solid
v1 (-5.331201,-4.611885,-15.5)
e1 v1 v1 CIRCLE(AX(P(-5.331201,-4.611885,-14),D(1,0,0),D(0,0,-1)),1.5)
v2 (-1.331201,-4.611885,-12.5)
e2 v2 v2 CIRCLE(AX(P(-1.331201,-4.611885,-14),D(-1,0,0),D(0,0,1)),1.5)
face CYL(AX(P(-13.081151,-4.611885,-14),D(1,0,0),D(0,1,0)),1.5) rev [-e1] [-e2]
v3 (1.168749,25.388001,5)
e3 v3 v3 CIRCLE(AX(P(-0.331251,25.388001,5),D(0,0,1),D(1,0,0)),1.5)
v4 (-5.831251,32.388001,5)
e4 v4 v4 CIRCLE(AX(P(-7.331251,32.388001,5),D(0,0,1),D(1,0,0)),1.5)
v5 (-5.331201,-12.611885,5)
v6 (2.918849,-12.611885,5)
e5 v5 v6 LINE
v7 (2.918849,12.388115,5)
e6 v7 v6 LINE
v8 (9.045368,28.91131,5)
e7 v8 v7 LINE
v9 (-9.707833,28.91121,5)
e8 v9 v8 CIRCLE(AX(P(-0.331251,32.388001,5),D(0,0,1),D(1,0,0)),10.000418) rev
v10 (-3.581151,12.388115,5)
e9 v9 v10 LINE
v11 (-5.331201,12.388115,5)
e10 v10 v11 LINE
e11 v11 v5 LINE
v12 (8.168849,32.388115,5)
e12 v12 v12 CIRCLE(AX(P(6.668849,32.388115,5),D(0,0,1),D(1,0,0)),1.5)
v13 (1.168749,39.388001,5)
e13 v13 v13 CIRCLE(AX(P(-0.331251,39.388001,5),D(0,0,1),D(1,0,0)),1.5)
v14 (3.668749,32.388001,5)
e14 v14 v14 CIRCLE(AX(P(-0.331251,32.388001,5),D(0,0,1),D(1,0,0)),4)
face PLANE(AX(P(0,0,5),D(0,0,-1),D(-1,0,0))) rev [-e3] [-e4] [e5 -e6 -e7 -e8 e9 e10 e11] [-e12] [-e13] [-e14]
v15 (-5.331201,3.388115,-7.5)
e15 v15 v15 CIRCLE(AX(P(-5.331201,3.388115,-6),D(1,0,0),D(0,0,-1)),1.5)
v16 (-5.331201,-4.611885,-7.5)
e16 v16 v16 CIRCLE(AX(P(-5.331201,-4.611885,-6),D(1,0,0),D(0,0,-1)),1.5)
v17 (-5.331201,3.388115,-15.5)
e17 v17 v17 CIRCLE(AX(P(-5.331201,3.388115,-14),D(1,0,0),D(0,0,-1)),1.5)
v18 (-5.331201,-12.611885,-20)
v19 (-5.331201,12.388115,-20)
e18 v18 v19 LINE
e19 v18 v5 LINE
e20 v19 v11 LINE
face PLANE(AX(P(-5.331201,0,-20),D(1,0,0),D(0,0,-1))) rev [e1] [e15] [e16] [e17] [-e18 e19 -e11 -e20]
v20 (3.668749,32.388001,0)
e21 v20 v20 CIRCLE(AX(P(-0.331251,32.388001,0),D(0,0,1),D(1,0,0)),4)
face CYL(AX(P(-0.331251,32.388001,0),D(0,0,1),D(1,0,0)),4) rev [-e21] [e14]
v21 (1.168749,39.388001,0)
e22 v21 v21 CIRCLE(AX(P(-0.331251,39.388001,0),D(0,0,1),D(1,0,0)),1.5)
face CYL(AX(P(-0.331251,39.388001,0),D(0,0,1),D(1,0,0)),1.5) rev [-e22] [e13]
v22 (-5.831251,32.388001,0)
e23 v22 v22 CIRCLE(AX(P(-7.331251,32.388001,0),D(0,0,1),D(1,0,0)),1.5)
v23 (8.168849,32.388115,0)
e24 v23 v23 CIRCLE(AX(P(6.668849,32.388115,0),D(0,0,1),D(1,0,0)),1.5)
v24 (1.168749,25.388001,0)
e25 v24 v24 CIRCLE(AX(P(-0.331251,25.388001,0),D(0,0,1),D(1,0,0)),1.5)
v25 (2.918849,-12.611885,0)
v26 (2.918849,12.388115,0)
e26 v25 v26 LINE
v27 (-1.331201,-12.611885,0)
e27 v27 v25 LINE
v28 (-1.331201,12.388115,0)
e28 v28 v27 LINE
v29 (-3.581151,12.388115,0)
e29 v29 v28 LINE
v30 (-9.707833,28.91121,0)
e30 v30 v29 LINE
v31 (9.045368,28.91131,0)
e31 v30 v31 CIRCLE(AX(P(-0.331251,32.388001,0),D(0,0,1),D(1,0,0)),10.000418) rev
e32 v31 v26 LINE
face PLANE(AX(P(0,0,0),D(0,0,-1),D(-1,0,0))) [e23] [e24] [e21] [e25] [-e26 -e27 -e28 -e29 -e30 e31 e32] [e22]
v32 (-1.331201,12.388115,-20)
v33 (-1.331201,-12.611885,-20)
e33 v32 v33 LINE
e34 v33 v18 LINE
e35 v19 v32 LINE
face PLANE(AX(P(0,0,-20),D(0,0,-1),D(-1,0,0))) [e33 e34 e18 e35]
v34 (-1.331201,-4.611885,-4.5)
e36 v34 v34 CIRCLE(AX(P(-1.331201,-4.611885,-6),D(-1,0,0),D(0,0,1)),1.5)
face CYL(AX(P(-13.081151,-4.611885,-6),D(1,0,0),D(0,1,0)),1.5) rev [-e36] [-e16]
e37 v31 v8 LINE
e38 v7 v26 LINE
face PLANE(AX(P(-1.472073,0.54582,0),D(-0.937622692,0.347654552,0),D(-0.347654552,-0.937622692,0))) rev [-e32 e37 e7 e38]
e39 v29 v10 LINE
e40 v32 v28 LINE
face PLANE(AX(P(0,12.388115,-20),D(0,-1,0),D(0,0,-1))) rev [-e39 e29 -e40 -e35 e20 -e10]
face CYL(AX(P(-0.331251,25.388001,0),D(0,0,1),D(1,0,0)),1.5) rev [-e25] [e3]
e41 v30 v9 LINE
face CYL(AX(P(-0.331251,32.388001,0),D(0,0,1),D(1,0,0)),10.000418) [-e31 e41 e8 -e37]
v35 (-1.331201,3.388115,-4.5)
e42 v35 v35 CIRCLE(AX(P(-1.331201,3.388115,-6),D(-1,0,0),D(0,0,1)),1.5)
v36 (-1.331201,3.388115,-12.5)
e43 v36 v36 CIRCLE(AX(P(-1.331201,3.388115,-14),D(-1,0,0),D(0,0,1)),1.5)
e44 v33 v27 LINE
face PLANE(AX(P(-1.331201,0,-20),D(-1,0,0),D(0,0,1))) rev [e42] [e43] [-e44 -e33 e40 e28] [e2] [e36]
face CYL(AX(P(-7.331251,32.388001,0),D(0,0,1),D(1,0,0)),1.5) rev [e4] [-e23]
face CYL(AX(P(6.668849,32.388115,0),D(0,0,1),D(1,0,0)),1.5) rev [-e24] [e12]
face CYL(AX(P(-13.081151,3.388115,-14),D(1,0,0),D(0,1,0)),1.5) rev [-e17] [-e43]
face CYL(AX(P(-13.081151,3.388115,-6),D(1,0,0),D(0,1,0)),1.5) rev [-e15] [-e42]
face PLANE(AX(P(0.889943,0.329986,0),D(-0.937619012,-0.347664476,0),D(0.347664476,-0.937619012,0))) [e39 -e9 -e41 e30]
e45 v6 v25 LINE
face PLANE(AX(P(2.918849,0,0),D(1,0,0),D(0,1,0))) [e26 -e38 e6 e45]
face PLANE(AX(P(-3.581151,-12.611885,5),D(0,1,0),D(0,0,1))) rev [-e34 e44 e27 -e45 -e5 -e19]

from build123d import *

# Parameters (mm, degrees)
SKETCH_1_R          = 1.25
EXTRUDE_1_DEPTH     = 5
SKETCH_2_W          = 5
SKETCH_2_H          = 25
EXTRUDE_2_DEPTH     = 4
SKETCH_3_W          = 4
SKETCH_3_H          = 25
EXTRUDE_3_DEPTH     = 20
SKETCH_4_R          = 1.5
CUT_EXTRUDE_1_DEPTH = 20
EXTRUDE_START       = -5
SKETCH_7_R          = 1.25
EXTRUDE_4_DEPTH     = 5
SKETCH_8_R          = 1.5
SKETCH_8_R_2        = 4
EXTRUDE_5_DEPTH     = 5
EXTRUDE_START_2     = 4
SKETCH_14_W         = 25
SKETCH_14_H         = 25
SKETCH_14_R         = 1.5
EXTRUDE_9_DEPTH     = 4
SKETCH_15_W         = 4
SKETCH_15_H         = 25
CUT_EXTRUDE_2_DEPTH = 100
SKETCH_19_W         = 1.750049733
SKETCH_19_H         = 25
EXTRUDE_10_DEPTH    = 20
SKETCH_20_R         = 1.5
CUT_EXTRUDE_3_DEPTH = 20
SKETCH_21_W         = 25
SKETCH_21_H         = 25
CUT_EXTRUDE_4_DEPTH = 4
SKETCH_22_W         = 1.750049733
SKETCH_22_H         = 25
EXTRUDE_11_DEPTH    = 5


with BuildPart() as part:
    # 草图1 → 凸台-拉伸1 (new body)
    with BuildSketch(Plane.XY):
        Polygon((-3.581151343, -8.027992706), (-3.581151343, -12.611885422), (2.918848657, -12.611885422), (2.918848657, -6.641886627), (2.918848657, 12.388114578), (-3.581151343, 12.388114578), align=None)
        with Locations((-0.081151343, 8.237522913)):
            Circle(SKETCH_1_R, mode=Mode.SUBTRACT)
        with Locations((-0.081151343, 2.787522913)):
            Circle(SKETCH_1_R, mode=Mode.SUBTRACT)
        with Locations((-0.081151343, -2.662477087)):
            Circle(SKETCH_1_R, mode=Mode.SUBTRACT)
        with Locations((-0.000846901, -8.111885422)):
            Circle(SKETCH_1_R, mode=Mode.SUBTRACT)
    extrude(amount=EXTRUDE_1_DEPTH)

    # 草图2 → 凸台-拉伸2 (add)
    with BuildSketch(Plane.ZY.offset(3.581151343)):
        with Locations((2.5, -0.111885422)):
            Rectangle(SKETCH_2_W, SKETCH_2_H)
    extrude(amount=EXTRUDE_2_DEPTH)

    # 草图3 → 凸台-拉伸3 (add)
    with BuildSketch(Plane(origin=(0, 0, 0), x_dir=(-1, 0, 0), z_dir=(0, 0, -1))):
        with Locations((5.581151343, -0.111885422)):
            Rectangle(SKETCH_3_W, SKETCH_3_H)
    extrude(amount=EXTRUDE_3_DEPTH)

    # 草图4 → 切除-拉伸1 (cut)
    with BuildSketch(Plane(origin=(-3.581151343, 0, 0), x_dir=(0, 0, -1), z_dir=(1, 0, 0))):
        with Locations(Location((6, 3.388114578, 0), (0, 0, 90))):
            Circle(SKETCH_4_R)
        with Locations(Location((14, 3.388114578, 0), (0, 0, 180))):
            Circle(SKETCH_4_R)
        with Locations(Location((14, -4.611885422, 0), (0, 0, 90))):
            Circle(SKETCH_4_R)
        with Locations(Location((6, -4.611885422, 0), (0, 0, 180))):
            Circle(SKETCH_4_R)
    extrude(amount=-CUT_EXTRUDE_1_DEPTH, mode=Mode.SUBTRACT)

    # 草图7 → 凸台-拉伸4 (add)
    with BuildSketch(Plane.XY.offset(5).offset(EXTRUDE_START)):
        with Locations((-0.081151343, 8.237522913)):
            Circle(SKETCH_7_R)
        with Locations((-0.081151343, 2.787522913)):
            Circle(SKETCH_7_R)
        with Locations((-0.081151343, -2.662477087)):
            Circle(SKETCH_7_R)
        with Locations((-0.000846901, -8.111885422)):
            Circle(SKETCH_7_R)
    extrude(amount=EXTRUDE_4_DEPTH)

    # 草图8 → 凸台-拉伸5 (add)
    with BuildSketch(Plane.XY.offset(5)):
        with BuildLine():
            ThreePointArc((9.045368421, 28.911309576), (-0.331303735, 42.388418969), (-9.707833242, 28.911210329))
            Line((-9.707833242, 28.911210329), (-3.581151343, 12.388114578))
            Line((-3.581151343, 12.388114578), (2.918848657, 12.388114578))
            Line((2.918848657, 12.388114578), (9.045368421, 28.911309576))
        make_face()
        with Locations((-0.33125081, 25.388000558)):
            Circle(SKETCH_8_R, mode=Mode.SUBTRACT)
        with Locations((-7.33125081, 32.388000558)):
            Circle(SKETCH_8_R, mode=Mode.SUBTRACT)
        with Locations((-0.33125081, 32.388000558)):
            Circle(SKETCH_8_R_2, mode=Mode.SUBTRACT)
        with Locations((-0.33125081, 39.388000558)):
            Circle(SKETCH_8_R, mode=Mode.SUBTRACT)
        with Locations((6.668848657, 32.388114578)):
            Circle(SKETCH_8_R, mode=Mode.SUBTRACT)
    extrude(amount=-EXTRUDE_5_DEPTH)

    # 草图14 → 凸台-拉伸9 (add)
    with BuildSketch(Plane(origin=(2.918848657, 0, 0), x_dir=(0, 0, -1), z_dir=(1, 0, 0)).offset(EXTRUDE_START_2)):
        with Locations((7.5, -0.111885422)):
            Rectangle(SKETCH_14_W, SKETCH_14_H)
        with Locations(Location((6, 3.388114578, 0), (0, 0, 90))):
            Circle(SKETCH_14_R, mode=Mode.SUBTRACT)
        with Locations(Location((14, 3.388114578, 0), (0, 0, 180))):
            Circle(SKETCH_14_R, mode=Mode.SUBTRACT)
        with Locations(Location((14, -4.611885422, 0), (0, 0, 90))):
            Circle(SKETCH_14_R, mode=Mode.SUBTRACT)
        with Locations(Location((6, -4.611885422, 0), (0, 0, 180))):
            Circle(SKETCH_14_R, mode=Mode.SUBTRACT)
    extrude(amount=-EXTRUDE_9_DEPTH)

    # 草图15 → 切除-拉伸2 (cut)
    with BuildSketch(Plane(origin=(0, 0, -20), x_dir=(-1, 0, 0), z_dir=(0, 0, -1))):
        with Locations((5.581151343, -0.111885422)):
            Rectangle(SKETCH_15_W, SKETCH_15_H)
    extrude(amount=-CUT_EXTRUDE_2_DEPTH, mode=Mode.SUBTRACT)

    # 草图19 → 凸台-拉伸10 (add)
    with BuildSketch(Plane(origin=(0, 0, 0), x_dir=(-1, 0, 0), z_dir=(0, 0, -1))):
        with Locations((4.45617621, -0.111885422)):
            Rectangle(SKETCH_19_W, SKETCH_19_H)
        Polygon((1.331201076, 12.388114578), (1.331201076, 9.888057568), (1.331201076, -12.611885422), (3.581151343, -12.611885422), (3.581151343, 12.388114578), align=None)
    extrude(amount=EXTRUDE_10_DEPTH)

    # 草图20 → 切除-拉伸3 (cut)
    with BuildSketch(Plane(origin=(6.918848657, 0, 0), x_dir=(0, 0, -1), z_dir=(1, 0, 0))):
        with Locations(Location((6, 3.388114578, 0), (0, 0, 90))):
            Circle(SKETCH_20_R)
        with Locations(Location((14, 3.388114578, 0), (0, 0, 90))):
            Circle(SKETCH_20_R)
        with Locations(Location((6, -4.611885422, 0), (0, 0, 90))):
            Circle(SKETCH_20_R)
        with Locations(Location((14, -4.611885422, 0), (0, 0, 90))):
            Circle(SKETCH_20_R)
    extrude(amount=-CUT_EXTRUDE_3_DEPTH, mode=Mode.SUBTRACT)

    # 草图21 → 切除-拉伸4 (cut)
    with BuildSketch(Plane(origin=(6.918848657, 0, 0), x_dir=(0, 0, -1), z_dir=(1, 0, 0))):
        with Locations((7.5, -0.111885422)):
            Rectangle(SKETCH_21_W, SKETCH_21_H)
    extrude(amount=-CUT_EXTRUDE_4_DEPTH, mode=Mode.SUBTRACT)

    # 草图22 → 凸台-拉伸11 (add)
    with BuildSketch(Plane.XY):
        with Locations((-4.45617621, -0.111885422)):
            Rectangle(SKETCH_22_W, SKETCH_22_H)
    extrude(amount=EXTRUDE_11_DEPTH)


solid = part.part
